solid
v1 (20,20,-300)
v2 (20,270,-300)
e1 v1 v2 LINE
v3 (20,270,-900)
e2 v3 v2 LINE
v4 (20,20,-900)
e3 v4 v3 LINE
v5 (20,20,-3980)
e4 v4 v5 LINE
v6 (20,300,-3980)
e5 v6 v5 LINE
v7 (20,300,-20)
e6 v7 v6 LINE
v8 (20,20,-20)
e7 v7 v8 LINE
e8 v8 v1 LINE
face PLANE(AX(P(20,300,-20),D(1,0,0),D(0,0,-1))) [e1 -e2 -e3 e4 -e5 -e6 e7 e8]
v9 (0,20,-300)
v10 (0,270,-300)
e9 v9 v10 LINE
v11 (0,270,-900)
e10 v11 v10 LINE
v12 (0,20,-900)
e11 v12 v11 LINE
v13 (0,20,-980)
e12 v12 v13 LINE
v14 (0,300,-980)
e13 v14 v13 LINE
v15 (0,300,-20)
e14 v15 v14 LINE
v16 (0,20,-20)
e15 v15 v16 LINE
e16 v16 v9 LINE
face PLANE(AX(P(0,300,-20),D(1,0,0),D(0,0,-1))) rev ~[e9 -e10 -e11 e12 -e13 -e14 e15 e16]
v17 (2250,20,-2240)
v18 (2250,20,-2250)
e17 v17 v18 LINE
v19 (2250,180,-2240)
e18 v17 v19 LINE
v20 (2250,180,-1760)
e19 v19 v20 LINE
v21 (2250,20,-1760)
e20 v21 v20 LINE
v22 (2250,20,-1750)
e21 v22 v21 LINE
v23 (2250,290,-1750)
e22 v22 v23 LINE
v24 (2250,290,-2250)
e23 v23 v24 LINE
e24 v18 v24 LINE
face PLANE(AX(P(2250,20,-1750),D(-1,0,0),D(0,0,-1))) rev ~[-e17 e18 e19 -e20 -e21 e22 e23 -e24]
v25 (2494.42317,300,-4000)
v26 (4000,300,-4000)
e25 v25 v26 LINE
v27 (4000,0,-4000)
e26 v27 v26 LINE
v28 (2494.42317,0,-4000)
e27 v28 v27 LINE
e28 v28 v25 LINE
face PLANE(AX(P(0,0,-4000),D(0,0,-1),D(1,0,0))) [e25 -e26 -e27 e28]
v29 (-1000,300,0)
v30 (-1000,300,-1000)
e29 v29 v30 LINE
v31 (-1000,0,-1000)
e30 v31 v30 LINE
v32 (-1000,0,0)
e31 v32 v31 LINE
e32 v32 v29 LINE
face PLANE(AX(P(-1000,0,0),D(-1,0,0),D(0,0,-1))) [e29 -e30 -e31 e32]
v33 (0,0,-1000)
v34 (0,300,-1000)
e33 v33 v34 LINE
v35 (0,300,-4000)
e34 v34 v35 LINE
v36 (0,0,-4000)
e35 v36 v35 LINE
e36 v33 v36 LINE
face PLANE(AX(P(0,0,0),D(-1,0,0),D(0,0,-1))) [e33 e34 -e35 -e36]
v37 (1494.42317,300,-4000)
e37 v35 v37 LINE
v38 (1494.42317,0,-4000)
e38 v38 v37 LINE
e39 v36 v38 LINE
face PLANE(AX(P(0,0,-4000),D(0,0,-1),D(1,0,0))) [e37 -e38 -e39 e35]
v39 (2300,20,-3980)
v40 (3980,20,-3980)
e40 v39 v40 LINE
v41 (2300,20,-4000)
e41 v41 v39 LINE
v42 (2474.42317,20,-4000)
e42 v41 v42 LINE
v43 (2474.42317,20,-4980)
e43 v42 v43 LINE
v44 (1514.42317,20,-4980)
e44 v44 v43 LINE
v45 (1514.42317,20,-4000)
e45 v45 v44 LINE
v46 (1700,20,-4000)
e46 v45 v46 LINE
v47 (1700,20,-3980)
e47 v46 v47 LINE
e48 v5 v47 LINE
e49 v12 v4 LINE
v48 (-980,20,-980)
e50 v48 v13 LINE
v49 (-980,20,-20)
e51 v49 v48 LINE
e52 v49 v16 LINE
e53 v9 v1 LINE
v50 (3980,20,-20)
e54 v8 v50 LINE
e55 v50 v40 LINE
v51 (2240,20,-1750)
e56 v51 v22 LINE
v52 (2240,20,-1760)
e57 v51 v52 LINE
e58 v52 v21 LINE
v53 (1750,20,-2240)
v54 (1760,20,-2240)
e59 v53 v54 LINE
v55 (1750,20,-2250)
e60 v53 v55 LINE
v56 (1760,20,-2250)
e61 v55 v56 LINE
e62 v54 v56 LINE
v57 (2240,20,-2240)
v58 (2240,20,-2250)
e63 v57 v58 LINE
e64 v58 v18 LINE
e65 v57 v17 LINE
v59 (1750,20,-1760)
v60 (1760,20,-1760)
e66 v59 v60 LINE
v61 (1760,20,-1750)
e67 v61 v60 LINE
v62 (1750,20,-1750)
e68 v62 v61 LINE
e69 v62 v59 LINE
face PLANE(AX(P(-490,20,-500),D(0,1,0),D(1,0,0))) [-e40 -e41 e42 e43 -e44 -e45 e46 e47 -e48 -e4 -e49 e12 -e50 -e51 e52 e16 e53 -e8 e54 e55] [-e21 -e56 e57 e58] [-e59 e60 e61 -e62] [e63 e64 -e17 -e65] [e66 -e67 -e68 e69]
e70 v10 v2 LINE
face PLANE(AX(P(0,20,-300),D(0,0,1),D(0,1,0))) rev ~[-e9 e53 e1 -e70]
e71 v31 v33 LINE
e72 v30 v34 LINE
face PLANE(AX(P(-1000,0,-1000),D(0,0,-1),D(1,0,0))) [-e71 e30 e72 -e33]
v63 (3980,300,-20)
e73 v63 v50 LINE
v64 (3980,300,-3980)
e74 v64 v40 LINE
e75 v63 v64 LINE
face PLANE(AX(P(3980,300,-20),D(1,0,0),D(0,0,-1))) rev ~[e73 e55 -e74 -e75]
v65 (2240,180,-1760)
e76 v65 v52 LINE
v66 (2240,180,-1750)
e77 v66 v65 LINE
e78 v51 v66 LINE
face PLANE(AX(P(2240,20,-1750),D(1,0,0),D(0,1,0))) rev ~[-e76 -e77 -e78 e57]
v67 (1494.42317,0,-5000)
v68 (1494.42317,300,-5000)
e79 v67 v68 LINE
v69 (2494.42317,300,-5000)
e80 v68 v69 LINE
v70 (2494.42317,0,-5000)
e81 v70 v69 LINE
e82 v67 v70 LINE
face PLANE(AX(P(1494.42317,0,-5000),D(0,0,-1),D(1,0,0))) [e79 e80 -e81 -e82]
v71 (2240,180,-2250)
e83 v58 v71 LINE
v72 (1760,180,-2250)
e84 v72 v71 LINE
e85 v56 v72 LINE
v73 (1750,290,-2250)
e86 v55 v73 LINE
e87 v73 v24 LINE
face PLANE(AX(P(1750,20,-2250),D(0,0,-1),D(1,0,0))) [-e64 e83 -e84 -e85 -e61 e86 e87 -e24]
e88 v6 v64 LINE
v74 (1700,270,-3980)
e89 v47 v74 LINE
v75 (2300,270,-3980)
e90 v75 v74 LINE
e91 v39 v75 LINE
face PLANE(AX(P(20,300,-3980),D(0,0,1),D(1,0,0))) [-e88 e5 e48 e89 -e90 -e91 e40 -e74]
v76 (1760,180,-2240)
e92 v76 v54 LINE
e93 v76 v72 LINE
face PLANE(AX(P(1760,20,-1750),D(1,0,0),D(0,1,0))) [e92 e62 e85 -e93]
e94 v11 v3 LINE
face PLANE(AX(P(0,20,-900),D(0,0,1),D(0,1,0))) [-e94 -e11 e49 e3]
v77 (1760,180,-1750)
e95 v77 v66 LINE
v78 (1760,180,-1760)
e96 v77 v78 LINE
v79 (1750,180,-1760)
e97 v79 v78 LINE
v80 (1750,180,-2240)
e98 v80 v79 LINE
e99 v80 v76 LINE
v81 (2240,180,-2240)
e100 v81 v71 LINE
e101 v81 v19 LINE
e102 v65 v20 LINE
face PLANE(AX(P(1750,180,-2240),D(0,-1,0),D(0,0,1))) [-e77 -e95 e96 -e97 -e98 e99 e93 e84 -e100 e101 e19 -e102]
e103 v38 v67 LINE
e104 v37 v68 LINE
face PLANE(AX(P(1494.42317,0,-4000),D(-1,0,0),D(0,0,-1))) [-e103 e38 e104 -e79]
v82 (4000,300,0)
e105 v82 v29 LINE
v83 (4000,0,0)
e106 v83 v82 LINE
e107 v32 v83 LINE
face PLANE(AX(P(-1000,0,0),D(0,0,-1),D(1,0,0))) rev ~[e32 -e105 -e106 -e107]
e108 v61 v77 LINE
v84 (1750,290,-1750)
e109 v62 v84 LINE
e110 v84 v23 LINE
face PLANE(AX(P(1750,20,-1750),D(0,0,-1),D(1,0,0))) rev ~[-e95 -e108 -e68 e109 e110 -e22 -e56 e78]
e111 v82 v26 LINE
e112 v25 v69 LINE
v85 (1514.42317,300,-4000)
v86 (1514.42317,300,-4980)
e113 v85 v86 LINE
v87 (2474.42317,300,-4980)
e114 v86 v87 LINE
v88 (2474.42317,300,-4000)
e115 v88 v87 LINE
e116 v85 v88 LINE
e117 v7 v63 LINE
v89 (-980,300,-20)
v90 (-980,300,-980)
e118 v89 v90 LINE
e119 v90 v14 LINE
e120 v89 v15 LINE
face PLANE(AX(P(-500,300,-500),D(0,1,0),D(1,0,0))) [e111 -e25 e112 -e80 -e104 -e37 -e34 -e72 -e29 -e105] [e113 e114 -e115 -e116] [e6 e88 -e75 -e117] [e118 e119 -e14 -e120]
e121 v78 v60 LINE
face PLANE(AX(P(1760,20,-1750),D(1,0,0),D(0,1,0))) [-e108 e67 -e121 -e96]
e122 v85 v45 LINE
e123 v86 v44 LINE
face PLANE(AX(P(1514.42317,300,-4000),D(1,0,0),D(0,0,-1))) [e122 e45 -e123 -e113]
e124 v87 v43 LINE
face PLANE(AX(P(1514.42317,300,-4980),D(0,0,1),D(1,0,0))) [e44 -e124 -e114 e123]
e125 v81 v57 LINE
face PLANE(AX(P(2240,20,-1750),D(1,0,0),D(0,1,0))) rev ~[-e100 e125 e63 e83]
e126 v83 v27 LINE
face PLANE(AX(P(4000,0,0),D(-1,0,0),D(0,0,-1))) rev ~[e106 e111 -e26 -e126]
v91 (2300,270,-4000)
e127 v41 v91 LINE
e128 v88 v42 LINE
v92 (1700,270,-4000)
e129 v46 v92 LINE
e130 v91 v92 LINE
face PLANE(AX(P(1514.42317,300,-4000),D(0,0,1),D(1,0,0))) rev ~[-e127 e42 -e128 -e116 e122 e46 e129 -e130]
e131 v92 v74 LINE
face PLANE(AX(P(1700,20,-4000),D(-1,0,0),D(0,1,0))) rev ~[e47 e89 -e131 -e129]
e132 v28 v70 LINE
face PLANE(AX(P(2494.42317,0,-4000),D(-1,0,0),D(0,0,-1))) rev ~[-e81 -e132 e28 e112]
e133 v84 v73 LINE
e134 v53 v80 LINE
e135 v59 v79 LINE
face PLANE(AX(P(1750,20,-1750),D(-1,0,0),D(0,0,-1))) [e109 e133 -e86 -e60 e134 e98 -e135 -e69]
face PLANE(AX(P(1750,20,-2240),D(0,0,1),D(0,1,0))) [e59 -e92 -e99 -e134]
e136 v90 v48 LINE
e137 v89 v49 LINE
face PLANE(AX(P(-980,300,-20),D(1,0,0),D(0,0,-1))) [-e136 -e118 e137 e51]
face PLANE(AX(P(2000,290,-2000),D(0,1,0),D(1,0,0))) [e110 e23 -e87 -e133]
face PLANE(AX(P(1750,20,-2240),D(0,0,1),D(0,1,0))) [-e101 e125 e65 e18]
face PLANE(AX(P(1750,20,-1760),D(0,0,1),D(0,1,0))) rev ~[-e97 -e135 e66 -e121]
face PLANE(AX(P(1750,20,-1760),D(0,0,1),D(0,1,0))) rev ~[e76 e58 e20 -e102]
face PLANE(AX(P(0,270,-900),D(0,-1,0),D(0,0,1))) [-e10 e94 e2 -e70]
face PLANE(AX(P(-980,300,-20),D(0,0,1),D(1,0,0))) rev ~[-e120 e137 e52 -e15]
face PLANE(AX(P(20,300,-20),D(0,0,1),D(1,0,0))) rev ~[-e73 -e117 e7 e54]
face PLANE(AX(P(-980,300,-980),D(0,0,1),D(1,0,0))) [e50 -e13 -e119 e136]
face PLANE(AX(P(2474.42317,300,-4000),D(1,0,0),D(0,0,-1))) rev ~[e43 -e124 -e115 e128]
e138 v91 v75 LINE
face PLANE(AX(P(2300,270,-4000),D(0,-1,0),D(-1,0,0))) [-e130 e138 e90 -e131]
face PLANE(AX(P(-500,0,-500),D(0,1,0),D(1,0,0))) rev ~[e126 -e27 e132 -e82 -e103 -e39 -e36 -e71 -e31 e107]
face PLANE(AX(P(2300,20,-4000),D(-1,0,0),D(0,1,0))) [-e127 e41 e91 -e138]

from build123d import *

# Parameters (mm, degrees)
SKETCH_1_W           = 4000
SKETCH_1_H           = 4000
EXTRUDE_1_DEPTH      = 300
SKETCH_2_W           = 3960
SKETCH_2_H           = 3960
CUT_EXTRUDE_1_DEPTH  = 280
SKETCH_3_W           = 600
SKETCH_3_H           = 250
CUT_EXTRUDE_2_DEPTH  = 20
SKETCH_5_W           = 600
SKETCH_5_H           = 250
CUT_EXTRUDE_3_DEPTH  = 20
SKETCH_6_W           = 500
SKETCH_6_H           = 500
EXTRUDE_2_DEPTH      = 270
SKETCH_8_W           = 480
SKETCH_8_H           = 160
CUT_EXTRUDE_4_DEPTH  = 500
SKETCH_11_W          = 480
SKETCH_11_H          = 160
CUT_EXTRUDE_5_DEPTH  = 500
EXTRUDE_3_DEPTH      = 280
EXTRUDE_3_DEPTH_BACK = 20
SKETCH_12_W          = 1000
SKETCH_12_H          = 1000
SKETCH_13_W          = 980
SKETCH_13_H          = 960
SKETCH_13_W_2        = 960
SKETCH_13_H_2        = 980
CUT_EXTRUDE_6_DEPTH  = 280


with BuildPart() as part:
    # 草图1 → 凸台-拉伸1 (new body)
    with BuildSketch(Plane(origin=(0, 0, 0), x_dir=(1, 0, 0), z_dir=(0, 1, 0))):
        with Locations((2000, 2000)):
            Rectangle(SKETCH_1_W, SKETCH_1_H)
    extrude(amount=EXTRUDE_1_DEPTH)

    # 草图2 → 切除-拉伸1 (cut)
    with BuildSketch(Plane(origin=(0, 300, 0), x_dir=(1, 0, 0), z_dir=(0, 1, 0))):
        with Locations((2000, 2000)):
            Rectangle(SKETCH_2_W, SKETCH_2_H)
    extrude(amount=-CUT_EXTRUDE_1_DEPTH, mode=Mode.SUBTRACT)

    # 草图3 → 切除-拉伸2 (cut)
    with BuildSketch(Plane(origin=(0, 0, -4000), x_dir=(-1, 0, 0), z_dir=(0, 0, -1))):
        with Locations((-2000, 145)):
            Rectangle(SKETCH_3_W, SKETCH_3_H)
    extrude(amount=-CUT_EXTRUDE_2_DEPTH, mode=Mode.SUBTRACT)

    # 草图5 → 切除-拉伸3 (cut)
    with BuildSketch(Plane.ZY):
        with Locations((-600, 145)):
            Rectangle(SKETCH_5_W, SKETCH_5_H)
    extrude(amount=-CUT_EXTRUDE_3_DEPTH, mode=Mode.SUBTRACT)

    # 草图6 → 凸台-拉伸2 (add)
    with BuildSketch(Plane(origin=(0, 20, 0), x_dir=(1, 0, 0), z_dir=(0, 1, 0))):
        with Locations((2000, 2000)):
            Rectangle(SKETCH_6_W, SKETCH_6_H)
    extrude(amount=EXTRUDE_2_DEPTH)

    # 草图8 → 切除-拉伸4 (cut)
    with BuildSketch(Plane.XY.offset(-1750)):
        with Locations((2000, 100)):
            Rectangle(SKETCH_8_W, SKETCH_8_H)
    extrude(amount=-CUT_EXTRUDE_4_DEPTH, mode=Mode.SUBTRACT)

    # 草图11 → 切除-拉伸5 (cut)
    with BuildSketch(Plane.ZY.offset(-1750)):
        with Locations((-2000, 100)):
            Rectangle(SKETCH_11_W, SKETCH_11_H)
    extrude(amount=-CUT_EXTRUDE_5_DEPTH, mode=Mode.SUBTRACT)

    # 草图12 → 凸台-拉伸3 (add, two sides: drawn at the far end of the back side and taken through both)
    with BuildSketch(Plane(origin=(0, 20, 0), x_dir=(1, 0, 0), z_dir=(0, 1, 0)).offset(-EXTRUDE_3_DEPTH_BACK)):
        with Locations((-500, 500)):
            Rectangle(SKETCH_12_W, SKETCH_12_H)
        with Locations((1994.423170097, 4500)):
            Rectangle(SKETCH_12_W, SKETCH_12_H)
    extrude(amount=EXTRUDE_3_DEPTH + EXTRUDE_3_DEPTH_BACK)

    # 草图13 → 切除-拉伸6 (cut)
    with BuildSketch(Plane(origin=(0, 300, 0), x_dir=(1, 0, 0), z_dir=(0, 1, 0))):
        with Locations((-490, 500)):
            Rectangle(SKETCH_13_W, SKETCH_13_H)
        with Locations((1994.423170097, 4490)):
            Rectangle(SKETCH_13_W_2, SKETCH_13_H_2)
    extrude(amount=-CUT_EXTRUDE_6_DEPTH, mode=Mode.SUBTRACT)


solid = part.part
